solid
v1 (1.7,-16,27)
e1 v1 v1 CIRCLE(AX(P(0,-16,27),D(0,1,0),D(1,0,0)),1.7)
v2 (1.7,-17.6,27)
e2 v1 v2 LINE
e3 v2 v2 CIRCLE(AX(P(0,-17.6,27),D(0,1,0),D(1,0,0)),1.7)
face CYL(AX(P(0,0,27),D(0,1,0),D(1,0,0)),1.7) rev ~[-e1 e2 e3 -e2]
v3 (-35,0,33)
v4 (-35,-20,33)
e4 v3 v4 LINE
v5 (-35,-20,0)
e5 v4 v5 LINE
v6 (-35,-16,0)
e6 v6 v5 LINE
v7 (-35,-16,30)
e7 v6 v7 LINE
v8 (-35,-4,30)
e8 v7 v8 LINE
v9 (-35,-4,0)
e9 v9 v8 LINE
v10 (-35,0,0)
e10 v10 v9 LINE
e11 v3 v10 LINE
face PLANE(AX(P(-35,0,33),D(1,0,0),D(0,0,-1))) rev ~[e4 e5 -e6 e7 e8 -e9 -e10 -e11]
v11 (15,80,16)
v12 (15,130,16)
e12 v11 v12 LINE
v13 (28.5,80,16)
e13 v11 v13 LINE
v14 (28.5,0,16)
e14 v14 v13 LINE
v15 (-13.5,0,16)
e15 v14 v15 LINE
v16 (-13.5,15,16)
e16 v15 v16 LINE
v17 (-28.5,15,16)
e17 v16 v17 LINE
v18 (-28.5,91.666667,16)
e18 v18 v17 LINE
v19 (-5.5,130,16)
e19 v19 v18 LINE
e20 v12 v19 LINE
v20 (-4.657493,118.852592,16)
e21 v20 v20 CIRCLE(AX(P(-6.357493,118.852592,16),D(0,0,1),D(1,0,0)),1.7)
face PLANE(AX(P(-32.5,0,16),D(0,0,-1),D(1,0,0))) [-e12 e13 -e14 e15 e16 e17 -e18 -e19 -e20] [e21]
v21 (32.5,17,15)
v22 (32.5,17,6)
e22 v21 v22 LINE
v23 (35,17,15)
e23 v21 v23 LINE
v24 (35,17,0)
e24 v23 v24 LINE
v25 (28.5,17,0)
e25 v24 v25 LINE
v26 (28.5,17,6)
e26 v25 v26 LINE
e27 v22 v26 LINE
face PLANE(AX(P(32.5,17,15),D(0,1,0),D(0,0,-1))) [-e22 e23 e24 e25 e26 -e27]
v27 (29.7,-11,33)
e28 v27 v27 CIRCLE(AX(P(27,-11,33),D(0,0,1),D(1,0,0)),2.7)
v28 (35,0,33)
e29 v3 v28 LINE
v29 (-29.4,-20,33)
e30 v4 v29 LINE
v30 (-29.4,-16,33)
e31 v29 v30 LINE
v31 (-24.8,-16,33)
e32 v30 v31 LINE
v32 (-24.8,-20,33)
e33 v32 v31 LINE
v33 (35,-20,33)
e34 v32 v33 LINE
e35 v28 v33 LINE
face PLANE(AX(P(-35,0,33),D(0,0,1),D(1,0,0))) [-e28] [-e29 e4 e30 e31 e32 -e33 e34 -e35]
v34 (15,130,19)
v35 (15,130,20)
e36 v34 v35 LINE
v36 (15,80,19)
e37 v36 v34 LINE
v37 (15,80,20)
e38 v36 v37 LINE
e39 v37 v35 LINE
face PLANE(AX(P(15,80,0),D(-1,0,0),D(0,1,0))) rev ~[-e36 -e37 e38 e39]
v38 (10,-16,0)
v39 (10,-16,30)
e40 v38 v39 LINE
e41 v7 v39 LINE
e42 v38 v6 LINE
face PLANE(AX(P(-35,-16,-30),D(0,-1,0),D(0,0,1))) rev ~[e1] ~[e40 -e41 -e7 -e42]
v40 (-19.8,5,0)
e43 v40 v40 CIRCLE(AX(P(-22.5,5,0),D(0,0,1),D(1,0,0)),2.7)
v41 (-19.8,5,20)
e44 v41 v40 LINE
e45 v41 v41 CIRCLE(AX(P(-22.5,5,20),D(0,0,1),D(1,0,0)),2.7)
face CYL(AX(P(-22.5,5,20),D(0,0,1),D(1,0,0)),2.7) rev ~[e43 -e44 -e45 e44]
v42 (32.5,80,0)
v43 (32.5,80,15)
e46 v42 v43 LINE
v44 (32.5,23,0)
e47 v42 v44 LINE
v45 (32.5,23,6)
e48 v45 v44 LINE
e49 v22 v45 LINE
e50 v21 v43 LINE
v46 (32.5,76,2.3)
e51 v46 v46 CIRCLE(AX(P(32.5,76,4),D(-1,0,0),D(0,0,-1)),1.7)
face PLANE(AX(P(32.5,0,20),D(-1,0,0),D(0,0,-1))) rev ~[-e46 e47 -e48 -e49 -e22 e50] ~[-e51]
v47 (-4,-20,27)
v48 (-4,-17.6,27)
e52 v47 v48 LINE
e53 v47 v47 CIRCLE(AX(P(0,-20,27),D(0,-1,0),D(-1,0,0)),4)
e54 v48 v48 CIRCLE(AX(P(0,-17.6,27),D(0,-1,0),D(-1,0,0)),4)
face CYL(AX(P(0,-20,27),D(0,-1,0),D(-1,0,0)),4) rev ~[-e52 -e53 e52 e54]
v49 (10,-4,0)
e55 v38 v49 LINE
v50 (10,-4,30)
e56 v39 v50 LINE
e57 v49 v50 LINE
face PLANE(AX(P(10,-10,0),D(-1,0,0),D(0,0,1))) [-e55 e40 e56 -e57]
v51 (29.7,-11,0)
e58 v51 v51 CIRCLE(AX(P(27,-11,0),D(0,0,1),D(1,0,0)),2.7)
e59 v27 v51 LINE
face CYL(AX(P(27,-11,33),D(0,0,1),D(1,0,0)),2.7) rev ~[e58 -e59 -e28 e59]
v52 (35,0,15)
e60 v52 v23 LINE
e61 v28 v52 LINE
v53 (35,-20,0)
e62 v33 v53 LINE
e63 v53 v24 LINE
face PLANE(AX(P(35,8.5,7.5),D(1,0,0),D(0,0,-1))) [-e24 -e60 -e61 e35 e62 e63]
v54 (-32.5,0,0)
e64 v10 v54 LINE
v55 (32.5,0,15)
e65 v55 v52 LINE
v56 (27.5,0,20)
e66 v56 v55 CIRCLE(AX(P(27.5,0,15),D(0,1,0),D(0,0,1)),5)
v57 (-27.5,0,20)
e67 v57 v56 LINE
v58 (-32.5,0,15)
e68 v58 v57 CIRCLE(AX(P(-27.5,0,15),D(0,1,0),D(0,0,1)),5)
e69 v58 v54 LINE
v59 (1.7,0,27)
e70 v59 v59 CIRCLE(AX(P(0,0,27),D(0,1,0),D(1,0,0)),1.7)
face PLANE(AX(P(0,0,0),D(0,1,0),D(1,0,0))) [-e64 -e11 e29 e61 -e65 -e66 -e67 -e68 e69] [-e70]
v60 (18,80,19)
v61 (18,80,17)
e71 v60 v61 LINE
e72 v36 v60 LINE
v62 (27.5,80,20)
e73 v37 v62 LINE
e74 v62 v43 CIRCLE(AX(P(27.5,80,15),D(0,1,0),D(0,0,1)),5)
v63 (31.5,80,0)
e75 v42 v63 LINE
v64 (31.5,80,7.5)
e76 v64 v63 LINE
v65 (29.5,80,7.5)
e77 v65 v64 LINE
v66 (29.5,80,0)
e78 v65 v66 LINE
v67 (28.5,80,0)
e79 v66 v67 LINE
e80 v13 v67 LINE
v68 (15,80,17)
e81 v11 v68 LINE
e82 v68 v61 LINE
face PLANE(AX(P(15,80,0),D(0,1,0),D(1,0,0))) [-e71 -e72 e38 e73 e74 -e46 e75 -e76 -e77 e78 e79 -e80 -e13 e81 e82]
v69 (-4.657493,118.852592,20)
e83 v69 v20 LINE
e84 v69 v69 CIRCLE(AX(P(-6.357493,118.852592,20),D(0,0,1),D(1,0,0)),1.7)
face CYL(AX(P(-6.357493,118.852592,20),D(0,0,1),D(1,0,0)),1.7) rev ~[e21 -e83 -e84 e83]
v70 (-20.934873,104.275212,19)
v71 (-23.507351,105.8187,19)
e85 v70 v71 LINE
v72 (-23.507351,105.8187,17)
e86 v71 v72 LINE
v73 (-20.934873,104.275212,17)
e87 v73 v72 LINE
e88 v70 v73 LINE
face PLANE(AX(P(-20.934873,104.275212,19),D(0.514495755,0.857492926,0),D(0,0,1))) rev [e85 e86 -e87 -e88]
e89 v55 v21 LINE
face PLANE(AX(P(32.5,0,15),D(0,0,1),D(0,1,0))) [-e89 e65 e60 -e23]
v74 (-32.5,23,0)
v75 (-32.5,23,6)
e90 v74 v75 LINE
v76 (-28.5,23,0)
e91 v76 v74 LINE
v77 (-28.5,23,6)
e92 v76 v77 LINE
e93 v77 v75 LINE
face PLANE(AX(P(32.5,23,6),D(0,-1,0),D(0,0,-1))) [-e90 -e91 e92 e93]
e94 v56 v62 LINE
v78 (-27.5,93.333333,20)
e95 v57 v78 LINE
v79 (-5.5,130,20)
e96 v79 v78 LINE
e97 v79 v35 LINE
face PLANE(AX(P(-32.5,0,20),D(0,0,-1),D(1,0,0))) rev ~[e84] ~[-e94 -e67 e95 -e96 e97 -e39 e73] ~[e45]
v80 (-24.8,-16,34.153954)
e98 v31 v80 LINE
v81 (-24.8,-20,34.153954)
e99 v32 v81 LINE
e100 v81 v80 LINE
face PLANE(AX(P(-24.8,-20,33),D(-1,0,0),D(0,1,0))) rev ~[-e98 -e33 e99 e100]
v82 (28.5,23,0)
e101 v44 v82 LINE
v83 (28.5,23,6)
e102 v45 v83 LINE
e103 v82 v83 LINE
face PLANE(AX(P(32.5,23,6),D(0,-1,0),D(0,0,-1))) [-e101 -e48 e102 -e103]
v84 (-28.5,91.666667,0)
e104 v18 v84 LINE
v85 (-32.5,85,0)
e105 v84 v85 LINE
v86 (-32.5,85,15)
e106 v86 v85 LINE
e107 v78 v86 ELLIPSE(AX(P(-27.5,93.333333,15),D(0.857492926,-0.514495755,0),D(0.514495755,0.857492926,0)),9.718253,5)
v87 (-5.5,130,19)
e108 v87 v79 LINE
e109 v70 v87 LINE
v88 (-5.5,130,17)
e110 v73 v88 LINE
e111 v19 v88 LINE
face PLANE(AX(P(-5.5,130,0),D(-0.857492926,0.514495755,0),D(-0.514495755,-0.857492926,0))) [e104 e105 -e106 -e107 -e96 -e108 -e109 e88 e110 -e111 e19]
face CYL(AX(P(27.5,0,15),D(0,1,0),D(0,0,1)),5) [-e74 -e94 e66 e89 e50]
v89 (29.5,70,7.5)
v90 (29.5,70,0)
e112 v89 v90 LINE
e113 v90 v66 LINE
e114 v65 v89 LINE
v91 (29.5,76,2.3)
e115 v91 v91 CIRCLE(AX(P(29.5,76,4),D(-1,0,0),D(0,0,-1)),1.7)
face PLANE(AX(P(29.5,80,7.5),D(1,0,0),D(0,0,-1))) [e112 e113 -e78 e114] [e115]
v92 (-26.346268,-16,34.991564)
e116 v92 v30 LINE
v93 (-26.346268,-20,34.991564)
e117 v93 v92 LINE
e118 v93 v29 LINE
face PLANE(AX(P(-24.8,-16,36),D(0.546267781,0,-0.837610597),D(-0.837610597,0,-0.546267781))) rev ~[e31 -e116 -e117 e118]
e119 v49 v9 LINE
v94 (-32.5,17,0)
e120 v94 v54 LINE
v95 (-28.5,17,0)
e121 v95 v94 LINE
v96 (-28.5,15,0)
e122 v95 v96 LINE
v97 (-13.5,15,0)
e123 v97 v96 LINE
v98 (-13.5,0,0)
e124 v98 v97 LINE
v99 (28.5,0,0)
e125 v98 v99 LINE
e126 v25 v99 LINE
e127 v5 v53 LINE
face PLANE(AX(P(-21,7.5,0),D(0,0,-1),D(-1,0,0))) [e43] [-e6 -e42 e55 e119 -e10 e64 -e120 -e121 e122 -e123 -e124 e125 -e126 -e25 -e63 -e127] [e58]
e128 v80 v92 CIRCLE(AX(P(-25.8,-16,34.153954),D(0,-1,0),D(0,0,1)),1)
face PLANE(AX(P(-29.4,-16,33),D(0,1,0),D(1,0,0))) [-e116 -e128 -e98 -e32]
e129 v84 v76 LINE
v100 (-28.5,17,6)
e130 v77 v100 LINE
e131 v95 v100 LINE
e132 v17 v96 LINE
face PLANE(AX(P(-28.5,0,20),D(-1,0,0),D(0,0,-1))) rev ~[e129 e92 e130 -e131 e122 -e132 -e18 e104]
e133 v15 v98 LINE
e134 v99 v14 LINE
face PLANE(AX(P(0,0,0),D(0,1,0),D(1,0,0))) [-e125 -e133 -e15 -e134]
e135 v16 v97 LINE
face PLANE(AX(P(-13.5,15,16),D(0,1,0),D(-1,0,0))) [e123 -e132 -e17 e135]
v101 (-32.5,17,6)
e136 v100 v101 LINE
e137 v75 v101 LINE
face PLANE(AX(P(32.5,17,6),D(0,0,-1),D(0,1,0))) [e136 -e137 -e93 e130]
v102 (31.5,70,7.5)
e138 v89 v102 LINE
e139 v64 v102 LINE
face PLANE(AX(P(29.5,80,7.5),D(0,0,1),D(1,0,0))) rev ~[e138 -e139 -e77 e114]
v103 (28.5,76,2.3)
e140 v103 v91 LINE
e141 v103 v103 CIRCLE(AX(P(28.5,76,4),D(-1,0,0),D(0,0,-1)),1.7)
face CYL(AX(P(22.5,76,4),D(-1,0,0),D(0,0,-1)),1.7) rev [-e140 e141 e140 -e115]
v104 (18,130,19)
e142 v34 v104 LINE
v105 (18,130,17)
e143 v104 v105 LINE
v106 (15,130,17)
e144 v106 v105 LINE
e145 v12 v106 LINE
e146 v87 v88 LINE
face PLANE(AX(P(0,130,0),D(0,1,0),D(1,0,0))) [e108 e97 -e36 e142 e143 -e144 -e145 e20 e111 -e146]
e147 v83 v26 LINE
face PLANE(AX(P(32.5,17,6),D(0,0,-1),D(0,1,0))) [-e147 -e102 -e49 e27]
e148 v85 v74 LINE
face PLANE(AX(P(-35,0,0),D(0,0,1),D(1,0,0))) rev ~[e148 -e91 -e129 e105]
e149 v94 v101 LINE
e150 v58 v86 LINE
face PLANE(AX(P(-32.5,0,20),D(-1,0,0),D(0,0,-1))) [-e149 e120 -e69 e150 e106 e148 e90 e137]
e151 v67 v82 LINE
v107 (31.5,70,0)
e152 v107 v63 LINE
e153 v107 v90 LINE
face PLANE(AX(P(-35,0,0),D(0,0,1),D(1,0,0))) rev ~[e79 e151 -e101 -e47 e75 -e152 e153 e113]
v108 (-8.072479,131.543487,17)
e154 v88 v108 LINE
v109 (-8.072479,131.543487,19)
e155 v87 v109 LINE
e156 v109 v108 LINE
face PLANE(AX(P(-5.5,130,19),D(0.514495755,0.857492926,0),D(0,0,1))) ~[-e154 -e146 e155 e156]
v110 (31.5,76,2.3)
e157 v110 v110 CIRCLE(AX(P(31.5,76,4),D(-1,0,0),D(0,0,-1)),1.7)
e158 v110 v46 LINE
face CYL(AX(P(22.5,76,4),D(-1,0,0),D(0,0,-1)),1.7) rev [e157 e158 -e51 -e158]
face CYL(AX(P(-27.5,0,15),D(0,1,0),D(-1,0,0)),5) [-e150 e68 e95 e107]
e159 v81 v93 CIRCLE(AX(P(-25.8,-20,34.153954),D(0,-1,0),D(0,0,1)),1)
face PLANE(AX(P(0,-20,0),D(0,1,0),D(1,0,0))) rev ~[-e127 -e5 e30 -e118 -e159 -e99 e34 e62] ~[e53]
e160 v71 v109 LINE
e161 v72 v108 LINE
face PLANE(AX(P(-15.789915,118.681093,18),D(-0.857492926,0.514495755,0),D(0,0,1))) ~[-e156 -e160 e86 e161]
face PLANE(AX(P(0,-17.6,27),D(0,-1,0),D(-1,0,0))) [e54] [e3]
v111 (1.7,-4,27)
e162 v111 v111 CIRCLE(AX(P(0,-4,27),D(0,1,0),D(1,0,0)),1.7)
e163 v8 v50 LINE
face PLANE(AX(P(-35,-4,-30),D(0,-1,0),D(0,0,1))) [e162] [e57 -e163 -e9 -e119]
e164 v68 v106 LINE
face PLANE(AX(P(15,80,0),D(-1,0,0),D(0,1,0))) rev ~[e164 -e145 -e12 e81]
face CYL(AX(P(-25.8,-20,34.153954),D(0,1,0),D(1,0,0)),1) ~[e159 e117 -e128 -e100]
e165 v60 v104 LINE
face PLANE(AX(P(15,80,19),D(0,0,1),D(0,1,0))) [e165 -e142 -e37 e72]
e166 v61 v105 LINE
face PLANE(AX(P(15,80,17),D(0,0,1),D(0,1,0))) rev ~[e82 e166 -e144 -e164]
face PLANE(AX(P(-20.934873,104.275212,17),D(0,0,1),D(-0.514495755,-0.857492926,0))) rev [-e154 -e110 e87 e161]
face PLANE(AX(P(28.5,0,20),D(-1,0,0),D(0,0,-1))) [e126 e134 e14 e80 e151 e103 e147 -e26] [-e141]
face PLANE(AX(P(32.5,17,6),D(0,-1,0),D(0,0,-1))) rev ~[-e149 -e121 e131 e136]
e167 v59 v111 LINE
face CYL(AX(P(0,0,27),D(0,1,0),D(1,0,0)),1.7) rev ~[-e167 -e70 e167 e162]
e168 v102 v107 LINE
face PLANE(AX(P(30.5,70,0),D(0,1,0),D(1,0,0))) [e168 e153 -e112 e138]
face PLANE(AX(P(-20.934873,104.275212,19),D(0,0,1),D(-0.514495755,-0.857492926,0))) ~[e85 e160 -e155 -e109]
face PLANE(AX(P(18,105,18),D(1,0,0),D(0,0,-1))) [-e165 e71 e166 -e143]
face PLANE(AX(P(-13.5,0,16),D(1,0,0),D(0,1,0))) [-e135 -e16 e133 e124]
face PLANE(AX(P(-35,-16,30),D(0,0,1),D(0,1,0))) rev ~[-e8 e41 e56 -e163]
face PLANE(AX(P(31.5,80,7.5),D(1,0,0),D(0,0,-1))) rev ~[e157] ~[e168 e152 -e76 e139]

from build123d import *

# Parameters (mm, degrees)
SKETCH1_W                = 65
SKETCH1_H                = 40
BOSS_EXTRUDE1_DEPTH      = 130
SHELL1_T                 = -4
FILLET1_R                = 5
CUT_EXTRUDE1_DEPTH       = 21
CUT_EXTRUDE1_DEPTH_BACK  = 21
SKETCH3_W                = 17.5
SKETCH3_H                = 50
CUT_EXTRUDE2_DEPTH       = 21
CUT_EXTRUDE2_DEPTH_BACK  = 21
SKETCH5_W                = 2
SKETCH5_H                = 50
BOSS_EXTRUDE2_DEPTH      = 3
SKETCH6_W                = 2
SKETCH6_H                = 30
BOSS_EXTRUDE3_DEPTH      = 3
SKETCH8_W                = 70
SKETCH8_H                = 66
BOSS_EXTRUDE4_DEPTH      = 20
SKETCH10_W               = 60
SKETCH10_H               = 12
CUT_EXTRUDE4_DEPTH       = 45
SKETCH23_W               = 2
SKETCH23_H               = 15
CUT_EXTRUDE10_DEPTH      = 10
CUT_EXTRUDE11_START      = -10
SKETCH24_R               = 1.7
CUT_EXTRUDE11_DEPTH      = 13.5
SKETCH27_W               = 70
SKETCH27_H               = 33
CUT_EXTRUDE12_DEPTH      = 132.543487266
CUT_EXTRUDE12_DEPTH_BACK = 21
SKETCH31_R               = 2.7
CUT_EXTRUDE13_DEPTH      = 1
CUT_EXTRUDE13_DEPTH_BACK = 34
SKETCH34_R               = 1.7
CUT_EXTRUDE15_DEPTH      = 132.543487266
CUT_EXTRUDE15_DEPTH_BACK = 21
SKETCH37_W               = 6
SKETCH37_H               = 6
CUT_EXTRUDE17_DEPTH      = 3.5
CUT_EXTRUDE17_DEPTH_BACK = 68.5
SKETCH38_W               = 15
SKETCH38_H               = 17
BOSS_EXTRUDE9_DEPTH      = 2.5
SKETCH41_R               = 4
CUT_EXTRUDE18_DEPTH      = 2.4
SKETCH42_W               = 4.6
SKETCH42_H               = 4
BOSS_EXTRUDE10_DEPTH     = 3
CUT_EXTRUDE19_DEPTH      = 5
FILLET2_R                = 1
SKETCH46_R               = 1.7
CUT_EXTRUDE20_DEPTH      = 10
SKETCH50_W               = 15
SKETCH50_H               = 15
BOSS_EXTRUDE11_DEPTH     = 16
SKETCH51_R               = 2.7
CUT_EXTRUDE21_DEPTH      = 16.153953894
CUT_EXTRUDE21_DEPTH_BACK = 21


with BuildPart() as part:
    # Sketch1 → Boss-Extrude1 (new body)
    with BuildSketch(Plane(origin=(0, 0, 0), x_dir=(1, 0, 0), z_dir=(0, 1, 0))):
        Rectangle(SKETCH1_W, SKETCH1_H)
    extrude(amount=BOSS_EXTRUDE1_DEPTH)

    # Shell1
    shell1_openings = [part.faces().sort_by_distance(p)[0] for p in [
        (0, 130, 0),
        (0, 0, 0),
    ]]
    offset(amount=SHELL1_T, openings=shell1_openings, kind=Kind.INTERSECTION)

    # Fillet1
    fillet1_edges = [part.edges().sort_by_distance(p)[0] for p in [
        (32.5, 65, 20),
        (-32.5, 65, 20),
        (-32.5, 65, -20),
        (32.5, 65, -20),
    ]]
    fillet(fillet1_edges, radius=FILLET1_R)

    # Sketch2 → Cut-Extrude1 (cut, two sides)
    with BuildSketch(Plane.XY) as cut_extrude1_sk:
        Polygon((-5.5, 130), (-32.5, 85), (-32.5, 130), align=None)
    extrude(amount=CUT_EXTRUDE1_DEPTH, mode=Mode.SUBTRACT)
    extrude(cut_extrude1_sk.sketch, amount=-CUT_EXTRUDE1_DEPTH_BACK, mode=Mode.SUBTRACT)

    # Sketch3 → Cut-Extrude2 (cut, two sides)
    with BuildSketch(Plane.XY) as cut_extrude2_sk:
        with Locations((23.75, 105)):
            Rectangle(SKETCH3_W, SKETCH3_H)
    extrude(amount=CUT_EXTRUDE2_DEPTH, mode=Mode.SUBTRACT)
    extrude(cut_extrude2_sk.sketch, amount=-CUT_EXTRUDE2_DEPTH_BACK, mode=Mode.SUBTRACT)

    # Sketch5 → Boss-Extrude2 (add)
    with BuildSketch(Plane(origin=(15, 0, 0), x_dir=(0, 0, -1), z_dir=(1, 0, 0))):
        with Locations((-18, 105)):
            Rectangle(SKETCH5_W, SKETCH5_H)
    boss_extrude2 = extrude(amount=BOSS_EXTRUDE2_DEPTH)

    # Mirror1: Boss-Extrude2 across plane
    add(boss_extrude2.mirror(Plane.XY))

    # Sketch6 → Boss-Extrude3 (add)
    with BuildSketch(Plane(origin=(-61.397058824, 36.838235294, 0), x_dir=(0, 0, 1), z_dir=(-0.857492926, 0.514495755, 0))):
        with Locations((-18, 93.644353688)):
            Rectangle(SKETCH6_W, SKETCH6_H)
    boss_extrude3 = extrude(amount=BOSS_EXTRUDE3_DEPTH)

    # Mirror2: Boss-Extrude3 across plane
    add(boss_extrude3.mirror(Plane.XY))

    # Sketch8 → Boss-Extrude4 (add)
    with BuildSketch(Plane(origin=(0, 0, 0), x_dir=(1, 0, 0), z_dir=(0, 1, 0))):
        Rectangle(SKETCH8_W, SKETCH8_H)
    extrude(amount=-BOSS_EXTRUDE4_DEPTH)

    # Sketch10 → Cut-Extrude4 (cut)
    with BuildSketch(Plane.ZY.offset(35)):
        with Locations((0, -10)):
            Rectangle(SKETCH10_W, SKETCH10_H)
    extrude(amount=-CUT_EXTRUDE4_DEPTH, mode=Mode.SUBTRACT)

    # Sketch23 → Cut-Extrude10 (cut)
    with BuildSketch(Plane(origin=(0, 80, 0), x_dir=(1, 0, 0), z_dir=(0, 1, 0))):
        with Locations((30.5, 0)):
            Rectangle(SKETCH23_W, SKETCH23_H)
    extrude(amount=-CUT_EXTRUDE10_DEPTH, mode=Mode.SUBTRACT)

    # Sketch24 → Cut-Extrude11 (cut)
    with BuildSketch(Plane(origin=(32.5, 0, 0), x_dir=(0, 0, -1), z_dir=(1, 0, 0)).offset(CUT_EXTRUDE11_START)):
        with Locations((-4, 76)):
            Circle(SKETCH24_R)
    cut_extrude11 = extrude(amount=CUT_EXTRUDE11_DEPTH, mode=Mode.SUBTRACT)

    # Mirror4: Cut-Extrude11 across plane
    add(cut_extrude11.mirror(Plane.XY), mode=Mode.SUBTRACT)

    # Sketch27 → Cut-Extrude12 (cut, two sides)
    with BuildSketch(Plane(origin=(0, 0, 0), x_dir=(1, 0, 0), z_dir=(0, 1, 0))) as cut_extrude12_sk:
        with Locations((0, 16.5)):
            Rectangle(SKETCH27_W, SKETCH27_H)
    extrude(amount=CUT_EXTRUDE12_DEPTH, mode=Mode.SUBTRACT)
    extrude(cut_extrude12_sk.sketch, amount=-CUT_EXTRUDE12_DEPTH_BACK, mode=Mode.SUBTRACT)

    # Sketch31 → Cut-Extrude13 (cut, two sides)
    with BuildSketch(Plane.XY.offset(33)) as cut_extrude13_sk:
        with Locations((27, -11)):
            Circle(SKETCH31_R)
    extrude(amount=CUT_EXTRUDE13_DEPTH, mode=Mode.SUBTRACT)
    extrude(cut_extrude13_sk.sketch, amount=-CUT_EXTRUDE13_DEPTH_BACK, mode=Mode.SUBTRACT)

    # Sketch34 → Cut-Extrude15 (cut, two sides)
    with BuildSketch(Plane(origin=(0, 0, 0), x_dir=(1, 0, 0), z_dir=(0, 1, 0))) as cut_extrude15_sk:
        with Locations((0, -27)):
            Circle(SKETCH34_R)
    extrude(amount=CUT_EXTRUDE15_DEPTH, mode=Mode.SUBTRACT)
    extrude(cut_extrude15_sk.sketch, amount=-CUT_EXTRUDE15_DEPTH_BACK, mode=Mode.SUBTRACT)

    # Sketch37 → Cut-Extrude17 (cut, two sides)
    with BuildSketch(Plane(origin=(32.5, 0, 0), x_dir=(0, 0, -1), z_dir=(1, 0, 0))) as cut_extrude17_sk:
        with Locations((-3, 20)):
            Rectangle(SKETCH37_W, SKETCH37_H)
    extrude(amount=CUT_EXTRUDE17_DEPTH, mode=Mode.SUBTRACT)
    extrude(cut_extrude17_sk.sketch, amount=-CUT_EXTRUDE17_DEPTH_BACK, mode=Mode.SUBTRACT)

    # Sketch38 → Boss-Extrude9 (add)
    with BuildSketch(Plane(origin=(32.5, 0, 0), x_dir=(0, 0, -1), z_dir=(1, 0, 0))):
        with Locations((-7.5, 8.5)):
            Rectangle(SKETCH38_W, SKETCH38_H)
    extrude(amount=BOSS_EXTRUDE9_DEPTH)

    # Sketch41 → Cut-Extrude18 (cut)
    with BuildSketch(Plane(origin=(0, -20, 0), x_dir=(-1, 0, 0), z_dir=(0, -1, 0))):
        with Locations((0, -27)):
            Circle(SKETCH41_R)
    extrude(amount=-CUT_EXTRUDE18_DEPTH, mode=Mode.SUBTRACT)

    # Sketch42 → Boss-Extrude10 (add)
    with BuildSketch(Plane.XY.offset(33)):
        with Locations((-27.1, -18)):
            Rectangle(SKETCH42_W, SKETCH42_H)
    extrude(amount=BOSS_EXTRUDE10_DEPTH)

    # Sketch43 → Cut-Extrude19 (cut, through all)
    with BuildSketch(Plane(origin=(0, -16, 0), x_dir=(1, 0, 0), z_dir=(0, 1, 0))):
        Polygon((-24.8, -36), (-29.4, -33), (-29.4, -36), align=None)
    extrude(amount=-CUT_EXTRUDE19_DEPTH, mode=Mode.SUBTRACT)

    # Fillet2
    fillet2_edges = [part.edges().sort_by_distance(p)[0] for p in [
        (-24.8, -18, 36),
    ]]
    fillet(fillet2_edges, radius=FILLET2_R)

    # Sketch46 → Cut-Extrude20 (cut)
    with BuildSketch(Plane.XY.offset(20)):
        with Locations((-6.357492926, 118.852591966)):
            Circle(SKETCH46_R)
    extrude(amount=-CUT_EXTRUDE20_DEPTH, mode=Mode.SUBTRACT)

    # Sketch50 → Boss-Extrude11 (add)
    with BuildSketch(Plane(origin=(0, 0, 16), x_dir=(-1, 0, 0), z_dir=(0, 0, -1))):
        with Locations((21, 7.5)):
            Rectangle(SKETCH50_W, SKETCH50_H)
    extrude(amount=BOSS_EXTRUDE11_DEPTH)

    # Sketch51 → Cut-Extrude21 (cut, two sides)
    with BuildSketch(Plane.XY.offset(20)) as cut_extrude21_sk:
        with Locations((-22.5, 5)):
            Circle(SKETCH51_R)
    extrude(amount=CUT_EXTRUDE21_DEPTH, mode=Mode.SUBTRACT)
    extrude(cut_extrude21_sk.sketch, amount=-CUT_EXTRUDE21_DEPTH_BACK, mode=Mode.SUBTRACT)


solid = part.part
